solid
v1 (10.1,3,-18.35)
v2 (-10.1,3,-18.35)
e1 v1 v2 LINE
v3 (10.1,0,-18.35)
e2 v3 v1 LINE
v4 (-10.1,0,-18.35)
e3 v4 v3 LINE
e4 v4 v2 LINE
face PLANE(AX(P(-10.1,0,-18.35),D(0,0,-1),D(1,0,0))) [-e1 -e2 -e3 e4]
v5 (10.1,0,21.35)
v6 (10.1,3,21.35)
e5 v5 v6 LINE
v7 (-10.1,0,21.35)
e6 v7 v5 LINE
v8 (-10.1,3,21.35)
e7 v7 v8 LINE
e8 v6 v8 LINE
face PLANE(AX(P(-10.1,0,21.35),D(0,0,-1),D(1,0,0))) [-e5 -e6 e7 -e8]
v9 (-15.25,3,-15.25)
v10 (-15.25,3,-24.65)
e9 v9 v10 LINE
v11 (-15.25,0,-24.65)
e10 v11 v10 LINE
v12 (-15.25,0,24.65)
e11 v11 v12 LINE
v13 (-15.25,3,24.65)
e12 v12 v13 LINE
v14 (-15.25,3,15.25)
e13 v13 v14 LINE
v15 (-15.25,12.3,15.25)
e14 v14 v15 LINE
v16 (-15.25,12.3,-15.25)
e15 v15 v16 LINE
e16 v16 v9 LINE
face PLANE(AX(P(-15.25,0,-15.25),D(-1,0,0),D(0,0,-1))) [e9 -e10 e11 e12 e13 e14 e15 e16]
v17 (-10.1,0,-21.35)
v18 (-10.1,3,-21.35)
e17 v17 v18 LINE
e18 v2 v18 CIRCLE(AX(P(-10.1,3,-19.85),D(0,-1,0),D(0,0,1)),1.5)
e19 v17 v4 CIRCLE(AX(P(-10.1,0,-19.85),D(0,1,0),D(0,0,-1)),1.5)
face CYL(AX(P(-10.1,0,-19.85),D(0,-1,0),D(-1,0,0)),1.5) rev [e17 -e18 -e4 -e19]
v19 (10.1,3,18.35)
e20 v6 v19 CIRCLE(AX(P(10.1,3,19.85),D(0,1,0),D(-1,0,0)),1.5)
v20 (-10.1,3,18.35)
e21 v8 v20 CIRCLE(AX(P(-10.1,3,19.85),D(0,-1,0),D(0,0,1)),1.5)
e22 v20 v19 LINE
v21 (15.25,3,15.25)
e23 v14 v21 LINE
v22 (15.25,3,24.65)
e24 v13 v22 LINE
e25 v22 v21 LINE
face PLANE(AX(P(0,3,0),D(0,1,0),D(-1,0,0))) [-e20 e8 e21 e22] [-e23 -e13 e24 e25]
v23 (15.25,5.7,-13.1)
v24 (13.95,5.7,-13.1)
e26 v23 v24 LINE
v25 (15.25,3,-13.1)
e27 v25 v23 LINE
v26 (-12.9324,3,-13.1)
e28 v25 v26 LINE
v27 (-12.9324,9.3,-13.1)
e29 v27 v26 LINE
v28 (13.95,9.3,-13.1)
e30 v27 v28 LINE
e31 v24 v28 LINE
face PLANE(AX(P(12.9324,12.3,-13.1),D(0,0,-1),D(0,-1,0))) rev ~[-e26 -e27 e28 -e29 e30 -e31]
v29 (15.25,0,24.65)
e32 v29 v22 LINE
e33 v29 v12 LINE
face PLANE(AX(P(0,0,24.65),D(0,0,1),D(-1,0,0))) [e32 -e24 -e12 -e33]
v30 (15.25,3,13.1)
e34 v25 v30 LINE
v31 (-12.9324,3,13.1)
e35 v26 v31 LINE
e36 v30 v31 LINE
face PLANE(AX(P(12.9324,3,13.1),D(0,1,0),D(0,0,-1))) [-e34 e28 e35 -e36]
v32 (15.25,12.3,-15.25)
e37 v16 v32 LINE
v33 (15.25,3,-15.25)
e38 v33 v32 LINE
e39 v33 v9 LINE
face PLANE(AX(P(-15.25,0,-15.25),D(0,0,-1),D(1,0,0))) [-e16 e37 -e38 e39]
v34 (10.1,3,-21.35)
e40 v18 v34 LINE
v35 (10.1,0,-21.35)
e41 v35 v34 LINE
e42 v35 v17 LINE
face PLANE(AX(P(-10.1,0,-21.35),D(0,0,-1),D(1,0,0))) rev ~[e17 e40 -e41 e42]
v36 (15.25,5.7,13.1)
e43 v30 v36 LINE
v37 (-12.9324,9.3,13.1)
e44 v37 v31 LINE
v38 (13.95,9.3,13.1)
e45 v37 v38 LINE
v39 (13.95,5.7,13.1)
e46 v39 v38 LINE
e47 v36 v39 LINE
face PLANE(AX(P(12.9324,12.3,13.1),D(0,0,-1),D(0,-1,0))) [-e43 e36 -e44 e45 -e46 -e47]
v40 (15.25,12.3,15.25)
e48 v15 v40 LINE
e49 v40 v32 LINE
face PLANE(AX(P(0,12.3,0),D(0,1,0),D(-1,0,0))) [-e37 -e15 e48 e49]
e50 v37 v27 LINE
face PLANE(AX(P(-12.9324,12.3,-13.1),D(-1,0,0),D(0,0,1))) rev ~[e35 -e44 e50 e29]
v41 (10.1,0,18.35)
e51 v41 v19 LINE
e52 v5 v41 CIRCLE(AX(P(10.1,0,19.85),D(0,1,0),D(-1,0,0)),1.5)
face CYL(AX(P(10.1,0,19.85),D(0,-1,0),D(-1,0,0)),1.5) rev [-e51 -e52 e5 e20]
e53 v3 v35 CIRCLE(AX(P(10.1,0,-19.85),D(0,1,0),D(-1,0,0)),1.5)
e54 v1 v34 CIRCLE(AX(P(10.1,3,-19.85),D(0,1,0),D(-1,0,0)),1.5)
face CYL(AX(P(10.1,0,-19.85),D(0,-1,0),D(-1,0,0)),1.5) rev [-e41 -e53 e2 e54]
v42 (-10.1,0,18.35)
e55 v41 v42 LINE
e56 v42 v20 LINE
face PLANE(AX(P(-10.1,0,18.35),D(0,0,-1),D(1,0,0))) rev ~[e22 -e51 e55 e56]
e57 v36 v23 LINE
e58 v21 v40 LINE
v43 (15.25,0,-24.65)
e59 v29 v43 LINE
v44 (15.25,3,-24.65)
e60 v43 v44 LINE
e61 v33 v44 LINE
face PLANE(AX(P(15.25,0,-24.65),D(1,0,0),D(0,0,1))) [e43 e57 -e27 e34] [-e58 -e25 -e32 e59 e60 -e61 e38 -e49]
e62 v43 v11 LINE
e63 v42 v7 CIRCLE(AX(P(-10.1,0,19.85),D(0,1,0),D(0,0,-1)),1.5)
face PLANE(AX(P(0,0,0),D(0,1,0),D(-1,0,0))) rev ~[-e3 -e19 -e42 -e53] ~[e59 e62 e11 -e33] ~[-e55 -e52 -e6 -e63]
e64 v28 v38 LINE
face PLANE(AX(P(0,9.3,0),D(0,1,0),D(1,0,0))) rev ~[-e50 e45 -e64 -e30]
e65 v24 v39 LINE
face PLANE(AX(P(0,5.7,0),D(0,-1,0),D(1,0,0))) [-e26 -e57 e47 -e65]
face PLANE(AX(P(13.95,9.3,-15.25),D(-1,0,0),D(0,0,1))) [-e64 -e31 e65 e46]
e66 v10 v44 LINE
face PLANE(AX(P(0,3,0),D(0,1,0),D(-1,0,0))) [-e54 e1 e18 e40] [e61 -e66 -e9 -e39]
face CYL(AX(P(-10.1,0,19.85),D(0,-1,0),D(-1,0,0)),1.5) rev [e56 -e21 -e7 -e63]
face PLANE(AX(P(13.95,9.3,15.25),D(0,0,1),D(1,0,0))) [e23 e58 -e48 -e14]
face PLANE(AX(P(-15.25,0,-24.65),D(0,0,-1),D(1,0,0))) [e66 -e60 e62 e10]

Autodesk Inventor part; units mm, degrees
ref_plane "YZ Plane" through (0, 0, 0) normal (1, 0, 0) x (0, 1, 0)
ref_plane "XZ Plane" through (0, 0, 0) normal (0, 1, 0) x (-1, 0, 0)
ref_plane "XY Plane" through (0, 0, 0) normal (0, 0, 1) x (1, 0, 0)
sketch "Sketch1" plane through (0, 0, 0) normal (0, 1, 0) x (-1, 0, 0)
  line L0 (15.25, -24.65) -> (-15.25, -24.65)
  line L1 (-15.25, -24.65) -> (-15.25, 24.65)
  line L2 (-15.25, 24.65) -> (15.25, 24.65)
  line L3 (15.25, 24.65) -> (15.25, -24.65)
  line L4 (15.25, -24.65) -> (-15.25, 24.65) construction
  line L5 (-15.25, -24.65) -> (15.25, 24.65) construction
  circle A0 centre (10.1, 19.85) radius 1.5
  circle A1 centre (-10.1, 19.85) radius 1.5
  line L6 (10.1, 21.35) -> (-10.1, 21.35)
  circle A2 centre (10.1, -19.85) radius 1.5
  circle A3 centre (-10.1, -19.85) radius 1.5
  line L7 (10.1, -21.35) -> (-10.1, -21.35)
  line L8 (21.35, 0) -> (-21.35, 0) construction
  line L9 (10.1, -18.35) -> (-10.1, -18.35)
  line L10 (10.1, 18.35) -> (-10.1, 18.35)
  line L11 (15.25, -15.25) -> (-15.25, -15.25)
  line L12 (-15.25, -15.25) -> (-15.25, 15.25)
  line L13 (-15.25, 15.25) -> (15.25, 15.25)
  line L14 (15.25, 15.25) -> (15.25, -15.25)
  line L15 (15.25, -15.25) -> (-15.25, 15.25) construction
  line L16 (-15.25, -15.25) -> (15.25, 15.25) construction
  line L17 (0, -34.51) -> (0, 34.51) projected
  point P0 (0, 0)
  dimension "d11" = 49.3
  dimension "d12" = 30.5
  dimension "d13" = 23.2
  dimension "d14" = 3
  dimension "d15" = 3.3
  dimension "d16" = 30.5
extrude "Extrusion1" add sketch "Sketch1" along normal blind 3 contours L0 L17 L7 A2 L9 L11 L3 | L0 L1 L11 L17 L9 A3 L7 | L11 L17 L13 L3 | L13 L17 L10 A0 L6 L2 L3 | L11 L1 L13 L17 | L13 L1 L2 L17 L6 A1 L10
extrude "Extrusion2" add sketch "Sketch1" along normal blind 12.3 contours L11 L17 L13 L3 | L11 L1 L13 L17
sketch "Sketch2" plane through (0, 12.3, 0) normal (0, 1, 0) x (1, 0, 0)
  line L0 (12.9324, 13.1) -> (-12.9324, 13.1)
  line L1 (-12.9324, 13.1) -> (-12.9324, -13.1)
  line L2 (-12.9324, -13.1) -> (12.9324, -13.1)
  line L3 (12.9324, -13.1) -> (12.9324, 13.1)
  line L4 (12.9324, 13.1) -> (-12.9324, -13.1) construction
  line L5 (-12.9324, 13.1) -> (12.9324, -13.1) construction
  point P0 (0, 0)
  dimension "d21" = 26.2
extrude "Extrusion3" cut sketch "Sketch2" against normal blind 9.3
sketch "Sketch3" plane through (12.9324, 12.3, -13.1) normal (-1, 0, 0) x (0, 0, 1)
  line L0 (26.2, 0) -> (26.2, -9.3) projected
  line L1 (26.2, -9.3) -> (0, -9.3) projected
  line L2 (0, 0) -> (0, -9.3) projected
  line L3 (-2.15, 0) -> (28.35, 0) projected
  line L4 (0, 0) -> (26.2, 0) projected
  line L5 (26.2, 0) -> (0, 0)
  line L6 (0, 0) -> (0, -9.3)
  line L7 (0, -9.3) -> (26.2, -9.3)
  line L8 (26.2, -9.3) -> (26.2, 0)
  point P0 (13.1, -12.3)
extrude "Extrusion4" cut sketch "Sketch3" against normal through all
sketch "Sketch6" plane through (0, 12.3, 0) normal (0, 1, 0) x (1, 0, 0)
  line L0 (-15.25, 15.25) -> (-15.25, -15.25) projected
  line L1 (15.25, 15.25) -> (15.25, 24.65) projected
  line L2 (-15.25, -15.25) -> (15.25, -15.25)
  line L3 (15.25, -15.25) -> (15.25, 15.25)
  line L4 (15.25, 15.25) -> (-15.25, 15.25)
  line L5 (-15.25, 15.25) -> (-15.25, -15.25)
  point P0 (0, 0)
extrude "Extrusion5" add sketch "Sketch6" against normal blind 3
sketch "Sketch7" plane through (0, 9.3, 0) normal (0, -1, 0) x (1, 0, 0)
  line L0 (15.25, 15.25) -> (15.25, -15.25) projected
  line L1 (-15.25, 15.25) -> (15.25, 15.25) projected
  line L2 (15.25, -15.25) -> (13.95, -15.25)
  line L3 (13.95, -15.25) -> (13.95, 15.25)
  line L4 (13.95, 15.25) -> (15.25, 15.25)
  line L5 (15.25, 15.25) -> (15.25, -15.25)
  line L6 (-15.25, -24.65) -> (-15.25, 24.65) projected
  point P0 (0, 0)
  dimension "d29" = 29.2
extrude "Extrusion6" add sketch "Sketch7" along normal blind 3.6
equation "\"d11\" = length"
equation "\"d12\" = width"
equation "\"d13\" = opening_length"
equation "\"d14\" = opening_width"
equation "\"d15\" = opening_distance_to_edge"
equation "\"d16\" = camera_box_width"
equation "\"d17\" = thickness"
equation "\"d19\" = height"
equation "\"d21\" = inside_width"
equation "\"d22\" = height - thickness"
equation "\"d26\" = thickness"
equation "\"d29\" = inside_width + thickness"
equation "\"d30\" = 1.2 * thickness"
equation "\"width\" = 30.5"
equation "\"length\" = 49.3"
equation "\"opening_width\" = 3"
equation "\"opening_length\" = 23.2"
equation "\"opening_distance_to_edge\" = 3.3"
equation "\"camera_box_width\" = 30.5"
equation "\"thickness\" = 3"
equation "\"inside_width\" = 26.2"
equation "\"height\" = 12.3"
properties part number "bottom" material "SAN Plastic"
